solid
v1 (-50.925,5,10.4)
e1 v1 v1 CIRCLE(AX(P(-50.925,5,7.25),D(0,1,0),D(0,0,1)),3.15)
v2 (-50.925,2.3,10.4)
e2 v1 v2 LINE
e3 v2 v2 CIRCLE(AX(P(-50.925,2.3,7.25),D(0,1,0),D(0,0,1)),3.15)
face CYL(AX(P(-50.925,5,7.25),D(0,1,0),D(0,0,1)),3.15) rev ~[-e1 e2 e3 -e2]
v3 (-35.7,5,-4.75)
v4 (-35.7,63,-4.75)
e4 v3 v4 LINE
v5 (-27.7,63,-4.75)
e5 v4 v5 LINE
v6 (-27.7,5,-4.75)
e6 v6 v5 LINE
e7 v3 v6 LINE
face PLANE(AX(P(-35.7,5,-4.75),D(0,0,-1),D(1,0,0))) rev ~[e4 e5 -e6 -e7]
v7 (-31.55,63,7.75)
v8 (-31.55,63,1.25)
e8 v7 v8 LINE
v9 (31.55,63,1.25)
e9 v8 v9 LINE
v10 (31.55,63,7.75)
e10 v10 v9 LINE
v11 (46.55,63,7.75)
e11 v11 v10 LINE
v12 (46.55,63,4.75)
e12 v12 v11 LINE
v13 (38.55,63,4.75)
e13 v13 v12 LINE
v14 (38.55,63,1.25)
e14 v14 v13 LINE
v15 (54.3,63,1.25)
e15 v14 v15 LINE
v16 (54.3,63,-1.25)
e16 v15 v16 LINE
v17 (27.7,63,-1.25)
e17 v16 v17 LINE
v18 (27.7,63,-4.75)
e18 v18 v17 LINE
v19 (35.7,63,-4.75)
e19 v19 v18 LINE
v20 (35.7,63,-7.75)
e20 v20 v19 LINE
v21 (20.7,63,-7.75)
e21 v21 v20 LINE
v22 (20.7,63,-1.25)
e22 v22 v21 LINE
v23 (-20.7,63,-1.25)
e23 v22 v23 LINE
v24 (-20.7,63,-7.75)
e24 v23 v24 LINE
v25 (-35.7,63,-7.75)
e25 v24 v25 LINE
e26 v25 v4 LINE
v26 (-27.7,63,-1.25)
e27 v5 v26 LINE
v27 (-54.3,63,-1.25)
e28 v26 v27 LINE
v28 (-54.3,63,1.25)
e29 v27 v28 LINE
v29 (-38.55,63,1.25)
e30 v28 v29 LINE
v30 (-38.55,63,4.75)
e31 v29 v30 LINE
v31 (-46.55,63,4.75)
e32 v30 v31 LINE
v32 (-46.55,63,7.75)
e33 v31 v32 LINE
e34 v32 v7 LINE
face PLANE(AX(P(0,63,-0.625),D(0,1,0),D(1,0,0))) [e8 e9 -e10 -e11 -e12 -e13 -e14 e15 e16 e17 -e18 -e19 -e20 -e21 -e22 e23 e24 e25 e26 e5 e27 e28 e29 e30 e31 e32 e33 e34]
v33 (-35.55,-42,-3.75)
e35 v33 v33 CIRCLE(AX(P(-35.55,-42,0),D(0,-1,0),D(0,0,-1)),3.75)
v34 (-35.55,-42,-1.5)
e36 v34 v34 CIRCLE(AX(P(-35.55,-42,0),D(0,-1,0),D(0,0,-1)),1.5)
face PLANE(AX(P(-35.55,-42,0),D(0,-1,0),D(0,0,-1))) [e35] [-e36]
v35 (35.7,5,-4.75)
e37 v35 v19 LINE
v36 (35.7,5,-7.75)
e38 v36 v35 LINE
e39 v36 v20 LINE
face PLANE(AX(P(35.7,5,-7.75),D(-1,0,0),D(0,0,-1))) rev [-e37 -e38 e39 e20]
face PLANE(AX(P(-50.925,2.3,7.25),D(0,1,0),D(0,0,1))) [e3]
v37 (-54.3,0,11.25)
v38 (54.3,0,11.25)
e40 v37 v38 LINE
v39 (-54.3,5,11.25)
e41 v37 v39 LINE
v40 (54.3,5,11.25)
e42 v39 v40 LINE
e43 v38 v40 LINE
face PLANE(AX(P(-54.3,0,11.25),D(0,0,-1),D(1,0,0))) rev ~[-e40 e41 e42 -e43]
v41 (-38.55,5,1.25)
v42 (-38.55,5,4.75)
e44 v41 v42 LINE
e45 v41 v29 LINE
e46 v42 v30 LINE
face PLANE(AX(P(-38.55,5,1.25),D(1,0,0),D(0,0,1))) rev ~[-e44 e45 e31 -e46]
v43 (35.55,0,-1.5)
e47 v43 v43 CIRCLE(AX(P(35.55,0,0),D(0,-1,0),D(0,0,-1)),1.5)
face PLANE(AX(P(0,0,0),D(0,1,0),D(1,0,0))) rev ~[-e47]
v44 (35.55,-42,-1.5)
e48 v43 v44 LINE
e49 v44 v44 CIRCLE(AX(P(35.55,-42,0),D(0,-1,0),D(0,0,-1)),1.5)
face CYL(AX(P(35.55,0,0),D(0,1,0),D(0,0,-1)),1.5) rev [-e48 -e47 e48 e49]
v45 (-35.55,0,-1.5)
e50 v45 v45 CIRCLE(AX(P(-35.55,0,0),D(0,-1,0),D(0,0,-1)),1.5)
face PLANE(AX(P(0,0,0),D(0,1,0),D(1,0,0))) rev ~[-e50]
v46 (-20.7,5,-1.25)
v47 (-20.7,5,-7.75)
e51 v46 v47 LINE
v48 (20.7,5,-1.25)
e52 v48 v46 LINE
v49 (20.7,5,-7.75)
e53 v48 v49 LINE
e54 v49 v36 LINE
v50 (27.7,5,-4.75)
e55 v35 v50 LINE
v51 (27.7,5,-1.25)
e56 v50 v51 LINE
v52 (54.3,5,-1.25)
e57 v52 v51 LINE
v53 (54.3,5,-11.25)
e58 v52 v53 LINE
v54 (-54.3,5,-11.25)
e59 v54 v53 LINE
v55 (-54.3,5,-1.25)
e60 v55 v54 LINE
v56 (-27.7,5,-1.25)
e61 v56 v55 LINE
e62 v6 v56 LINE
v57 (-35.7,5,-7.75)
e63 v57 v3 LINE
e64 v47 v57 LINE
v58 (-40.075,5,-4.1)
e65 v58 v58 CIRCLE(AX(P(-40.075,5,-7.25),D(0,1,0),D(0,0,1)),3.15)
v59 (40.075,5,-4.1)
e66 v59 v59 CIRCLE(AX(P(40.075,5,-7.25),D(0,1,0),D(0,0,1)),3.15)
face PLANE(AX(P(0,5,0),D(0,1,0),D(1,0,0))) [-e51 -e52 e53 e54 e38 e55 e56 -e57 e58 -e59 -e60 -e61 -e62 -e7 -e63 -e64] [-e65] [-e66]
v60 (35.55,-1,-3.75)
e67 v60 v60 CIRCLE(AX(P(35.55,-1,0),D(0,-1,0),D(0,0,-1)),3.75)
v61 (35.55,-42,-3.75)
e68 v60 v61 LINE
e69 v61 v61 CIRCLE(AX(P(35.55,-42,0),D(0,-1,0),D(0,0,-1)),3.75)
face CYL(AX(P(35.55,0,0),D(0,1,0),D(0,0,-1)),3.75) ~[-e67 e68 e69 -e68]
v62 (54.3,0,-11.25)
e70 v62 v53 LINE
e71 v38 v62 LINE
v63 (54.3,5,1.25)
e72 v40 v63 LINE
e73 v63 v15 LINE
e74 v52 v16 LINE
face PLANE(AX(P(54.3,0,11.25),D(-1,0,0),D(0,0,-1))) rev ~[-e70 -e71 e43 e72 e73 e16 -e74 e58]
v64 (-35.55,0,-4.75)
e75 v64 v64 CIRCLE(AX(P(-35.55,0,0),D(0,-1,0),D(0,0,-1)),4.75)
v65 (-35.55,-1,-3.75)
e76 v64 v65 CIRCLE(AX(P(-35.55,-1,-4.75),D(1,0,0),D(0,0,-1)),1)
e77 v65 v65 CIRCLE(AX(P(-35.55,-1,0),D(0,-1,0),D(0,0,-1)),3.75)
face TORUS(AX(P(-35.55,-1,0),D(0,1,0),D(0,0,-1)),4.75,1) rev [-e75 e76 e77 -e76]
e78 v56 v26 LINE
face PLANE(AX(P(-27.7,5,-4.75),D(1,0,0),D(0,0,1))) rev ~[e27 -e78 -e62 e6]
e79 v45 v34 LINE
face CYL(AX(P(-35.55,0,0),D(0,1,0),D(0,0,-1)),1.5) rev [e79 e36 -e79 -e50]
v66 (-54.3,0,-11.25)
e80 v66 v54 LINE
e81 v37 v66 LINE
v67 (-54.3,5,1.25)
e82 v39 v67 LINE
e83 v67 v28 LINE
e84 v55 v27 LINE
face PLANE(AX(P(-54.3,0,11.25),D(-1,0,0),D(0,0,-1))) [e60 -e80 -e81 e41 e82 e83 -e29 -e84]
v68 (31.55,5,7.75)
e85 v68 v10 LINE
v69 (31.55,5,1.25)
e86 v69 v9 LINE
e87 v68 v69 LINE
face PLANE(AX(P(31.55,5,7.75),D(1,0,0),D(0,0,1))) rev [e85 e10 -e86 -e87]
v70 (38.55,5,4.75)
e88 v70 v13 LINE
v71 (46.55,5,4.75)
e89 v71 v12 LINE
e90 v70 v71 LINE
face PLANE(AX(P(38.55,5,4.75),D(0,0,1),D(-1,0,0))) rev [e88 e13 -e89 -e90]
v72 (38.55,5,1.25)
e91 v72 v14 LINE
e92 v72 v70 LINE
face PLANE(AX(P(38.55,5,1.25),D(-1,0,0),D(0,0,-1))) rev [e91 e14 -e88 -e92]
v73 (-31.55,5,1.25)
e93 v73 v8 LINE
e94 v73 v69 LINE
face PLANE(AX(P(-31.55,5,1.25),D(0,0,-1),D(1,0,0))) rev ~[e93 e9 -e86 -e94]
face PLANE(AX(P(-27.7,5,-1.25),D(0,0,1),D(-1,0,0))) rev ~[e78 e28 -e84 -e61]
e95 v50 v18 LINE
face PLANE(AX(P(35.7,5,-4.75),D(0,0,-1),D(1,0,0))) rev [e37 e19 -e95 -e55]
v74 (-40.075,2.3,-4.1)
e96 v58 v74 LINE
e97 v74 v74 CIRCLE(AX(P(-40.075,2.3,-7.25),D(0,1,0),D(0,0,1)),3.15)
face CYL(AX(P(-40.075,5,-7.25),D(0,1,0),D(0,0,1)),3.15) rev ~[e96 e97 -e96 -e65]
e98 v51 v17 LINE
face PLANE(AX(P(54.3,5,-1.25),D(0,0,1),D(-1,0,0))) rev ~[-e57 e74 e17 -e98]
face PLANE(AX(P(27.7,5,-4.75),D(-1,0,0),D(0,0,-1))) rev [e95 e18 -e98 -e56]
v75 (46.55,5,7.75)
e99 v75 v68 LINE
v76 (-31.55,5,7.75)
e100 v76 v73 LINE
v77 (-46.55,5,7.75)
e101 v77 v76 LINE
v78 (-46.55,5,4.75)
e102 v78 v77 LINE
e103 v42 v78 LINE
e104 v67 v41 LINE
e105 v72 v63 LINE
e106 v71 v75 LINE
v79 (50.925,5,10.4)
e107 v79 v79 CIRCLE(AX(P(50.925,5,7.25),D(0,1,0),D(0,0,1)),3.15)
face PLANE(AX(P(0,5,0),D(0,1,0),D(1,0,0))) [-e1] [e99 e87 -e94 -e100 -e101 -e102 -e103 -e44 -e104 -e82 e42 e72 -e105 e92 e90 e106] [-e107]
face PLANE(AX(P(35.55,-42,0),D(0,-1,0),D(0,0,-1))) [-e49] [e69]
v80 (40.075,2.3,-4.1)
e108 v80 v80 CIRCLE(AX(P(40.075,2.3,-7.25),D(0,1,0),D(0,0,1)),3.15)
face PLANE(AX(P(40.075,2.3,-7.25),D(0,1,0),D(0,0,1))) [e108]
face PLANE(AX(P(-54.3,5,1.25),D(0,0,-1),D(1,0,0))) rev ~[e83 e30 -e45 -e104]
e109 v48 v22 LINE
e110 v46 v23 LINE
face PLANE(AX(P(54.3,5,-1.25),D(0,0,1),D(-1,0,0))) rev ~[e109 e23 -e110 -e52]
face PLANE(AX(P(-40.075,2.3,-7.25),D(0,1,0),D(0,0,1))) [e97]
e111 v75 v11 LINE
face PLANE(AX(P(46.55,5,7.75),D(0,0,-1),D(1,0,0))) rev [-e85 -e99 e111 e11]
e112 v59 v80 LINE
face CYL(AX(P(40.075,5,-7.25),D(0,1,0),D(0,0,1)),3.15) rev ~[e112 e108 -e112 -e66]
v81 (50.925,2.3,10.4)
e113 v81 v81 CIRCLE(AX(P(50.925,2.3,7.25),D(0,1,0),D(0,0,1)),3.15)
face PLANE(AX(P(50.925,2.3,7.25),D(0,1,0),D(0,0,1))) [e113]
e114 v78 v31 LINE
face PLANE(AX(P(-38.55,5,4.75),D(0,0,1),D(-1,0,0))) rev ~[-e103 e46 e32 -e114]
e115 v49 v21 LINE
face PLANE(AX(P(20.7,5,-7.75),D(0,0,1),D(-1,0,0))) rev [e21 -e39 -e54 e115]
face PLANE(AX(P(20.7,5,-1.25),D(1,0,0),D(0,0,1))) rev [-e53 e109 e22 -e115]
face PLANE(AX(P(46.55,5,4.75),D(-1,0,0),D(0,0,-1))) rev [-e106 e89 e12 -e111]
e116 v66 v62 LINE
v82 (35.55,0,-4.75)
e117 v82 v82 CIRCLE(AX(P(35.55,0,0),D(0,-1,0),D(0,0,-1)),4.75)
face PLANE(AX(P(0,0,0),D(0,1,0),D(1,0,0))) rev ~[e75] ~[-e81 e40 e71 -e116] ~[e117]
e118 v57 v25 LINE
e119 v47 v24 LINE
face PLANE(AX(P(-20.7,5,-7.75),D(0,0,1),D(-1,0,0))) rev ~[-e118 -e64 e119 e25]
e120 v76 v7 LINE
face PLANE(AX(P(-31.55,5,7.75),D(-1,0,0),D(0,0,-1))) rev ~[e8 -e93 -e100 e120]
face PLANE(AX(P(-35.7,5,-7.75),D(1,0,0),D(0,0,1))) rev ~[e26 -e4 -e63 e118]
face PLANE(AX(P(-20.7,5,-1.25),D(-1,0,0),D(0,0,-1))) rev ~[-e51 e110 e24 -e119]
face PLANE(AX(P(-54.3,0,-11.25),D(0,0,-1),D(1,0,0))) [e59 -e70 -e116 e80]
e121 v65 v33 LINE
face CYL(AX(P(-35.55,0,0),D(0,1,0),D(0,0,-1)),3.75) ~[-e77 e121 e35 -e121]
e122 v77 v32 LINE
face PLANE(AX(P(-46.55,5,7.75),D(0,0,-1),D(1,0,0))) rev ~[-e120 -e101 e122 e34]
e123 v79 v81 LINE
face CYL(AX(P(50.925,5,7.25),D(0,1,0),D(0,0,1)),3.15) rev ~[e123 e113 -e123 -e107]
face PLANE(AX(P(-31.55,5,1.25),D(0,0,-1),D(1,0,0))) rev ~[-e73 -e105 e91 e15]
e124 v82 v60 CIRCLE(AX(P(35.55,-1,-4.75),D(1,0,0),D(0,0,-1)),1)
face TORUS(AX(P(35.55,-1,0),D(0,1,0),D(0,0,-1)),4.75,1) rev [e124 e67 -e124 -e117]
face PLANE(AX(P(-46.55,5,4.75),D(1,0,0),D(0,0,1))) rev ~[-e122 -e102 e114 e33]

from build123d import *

# Parameters (mm, degrees)
SKETCH1_W           = 108.6
SKETCH1_H           = 22.5
BOSS_EXTRUDE1_DEPTH = 5
SKETCH2_R           = 3.15
CUT_EXTRUDE1_DEPTH  = 2.7
BOSS_EXTRUDE2_DEPTH = 58
SKETCH4_R           = 3.75
SKETCH4_R_2         = 1.5
BOSS_EXTRUDE3_DEPTH = 42
FILLET1_R           = 1


with BuildPart() as part:
    # Sketch1 → Boss-Extrude1 (new body)
    with BuildSketch(Plane(origin=(0, 0, 0), x_dir=(1, 0, 0), z_dir=(0, 1, 0))):
        Rectangle(SKETCH1_W, SKETCH1_H)
    extrude(amount=BOSS_EXTRUDE1_DEPTH)

    # Sketch2 → Cut-Extrude1 (cut)
    with BuildSketch(Plane(origin=(0, 5, 0), x_dir=(1, 0, 0), z_dir=(0, 1, 0))):
        with Locations(Location((50.925, -7.25, 0), (0, 0, 270))):
            Circle(SKETCH2_R)
        with Locations(Location((40.075, 7.25, 0), (0, 0, 270))):
            Circle(SKETCH2_R)
        with Locations(Location((-50.925, -7.25, 0), (0, 0, 270))):
            Circle(SKETCH2_R)
        with Locations(Location((-40.075, 7.25, 0), (0, 0, 270))):
            Circle(SKETCH2_R)
    extrude(amount=-CUT_EXTRUDE1_DEPTH, mode=Mode.SUBTRACT)

    # Sketch3 → Boss-Extrude2 (add)
    with BuildSketch(Plane(origin=(0, 5, 0), x_dir=(1, 0, 0), z_dir=(0, 1, 0))):
        Polygon((-54.3, 1.25), (-54.3, 0), (54.3, 0), (54.3, 1.25), (-20.7, 1.25), (-27.7, 1.25), align=None)
        Polygon((54.3, 0), (-54.3, 0), (-54.3, -1.25), (-38.55, -1.25), (-31.55, -1.25), (54.3, -1.25), align=None)
        Polygon((-31.55, -1.25), (-38.55, -1.25), (-38.55, -4.75), (-46.55, -4.75), (-46.55, -7.75), (-31.55, -7.75), align=None)
        Polygon((-27.7, 4.75), (-27.7, 1.25), (-20.7, 1.25), (-20.7, 7.75), (-35.7, 7.75), (-35.7, 4.75), align=None)
    boss_extrude2 = extrude(amount=BOSS_EXTRUDE2_DEPTH)

    # Mirror1: Boss-Extrude2 across plane
    add(boss_extrude2.mirror(Plane(origin=(0, 0, 0), x_dir=(0, 0, 1), z_dir=(1, 0, 0))))

    # Sketch4 → Boss-Extrude3 (add)
    # profile 1 of 2: a face of its own
    with BuildSketch(Plane.XZ):
        with Locations(Location((-35.55, 0, 0), (0, 0, 270))):
            Circle(SKETCH4_R)
        with Locations(Location((-35.55, 0, 0), (0, 0, 270))):
            Circle(SKETCH4_R_2, mode=Mode.SUBTRACT)
    # profile 2 of 2: a face of its own
    with BuildSketch(Plane.XZ):
        with Locations(Location((35.55, 0, 0), (0, 0, 270))):
            Circle(SKETCH4_R)
        with Locations(Location((35.55, 0, 0), (0, 0, 270))):
            Circle(SKETCH4_R_2, mode=Mode.SUBTRACT)
    extrude(amount=BOSS_EXTRUDE3_DEPTH)

    # Fillet1
    fillet1_edges = [part.edges().sort_by_distance(p)[0] for p in [
        (-35.55, 0, 3.75),
        (35.55, 0, 3.75),
    ]]
    fillet(fillet1_edges, radius=FILLET1_R)


solid = part.part
